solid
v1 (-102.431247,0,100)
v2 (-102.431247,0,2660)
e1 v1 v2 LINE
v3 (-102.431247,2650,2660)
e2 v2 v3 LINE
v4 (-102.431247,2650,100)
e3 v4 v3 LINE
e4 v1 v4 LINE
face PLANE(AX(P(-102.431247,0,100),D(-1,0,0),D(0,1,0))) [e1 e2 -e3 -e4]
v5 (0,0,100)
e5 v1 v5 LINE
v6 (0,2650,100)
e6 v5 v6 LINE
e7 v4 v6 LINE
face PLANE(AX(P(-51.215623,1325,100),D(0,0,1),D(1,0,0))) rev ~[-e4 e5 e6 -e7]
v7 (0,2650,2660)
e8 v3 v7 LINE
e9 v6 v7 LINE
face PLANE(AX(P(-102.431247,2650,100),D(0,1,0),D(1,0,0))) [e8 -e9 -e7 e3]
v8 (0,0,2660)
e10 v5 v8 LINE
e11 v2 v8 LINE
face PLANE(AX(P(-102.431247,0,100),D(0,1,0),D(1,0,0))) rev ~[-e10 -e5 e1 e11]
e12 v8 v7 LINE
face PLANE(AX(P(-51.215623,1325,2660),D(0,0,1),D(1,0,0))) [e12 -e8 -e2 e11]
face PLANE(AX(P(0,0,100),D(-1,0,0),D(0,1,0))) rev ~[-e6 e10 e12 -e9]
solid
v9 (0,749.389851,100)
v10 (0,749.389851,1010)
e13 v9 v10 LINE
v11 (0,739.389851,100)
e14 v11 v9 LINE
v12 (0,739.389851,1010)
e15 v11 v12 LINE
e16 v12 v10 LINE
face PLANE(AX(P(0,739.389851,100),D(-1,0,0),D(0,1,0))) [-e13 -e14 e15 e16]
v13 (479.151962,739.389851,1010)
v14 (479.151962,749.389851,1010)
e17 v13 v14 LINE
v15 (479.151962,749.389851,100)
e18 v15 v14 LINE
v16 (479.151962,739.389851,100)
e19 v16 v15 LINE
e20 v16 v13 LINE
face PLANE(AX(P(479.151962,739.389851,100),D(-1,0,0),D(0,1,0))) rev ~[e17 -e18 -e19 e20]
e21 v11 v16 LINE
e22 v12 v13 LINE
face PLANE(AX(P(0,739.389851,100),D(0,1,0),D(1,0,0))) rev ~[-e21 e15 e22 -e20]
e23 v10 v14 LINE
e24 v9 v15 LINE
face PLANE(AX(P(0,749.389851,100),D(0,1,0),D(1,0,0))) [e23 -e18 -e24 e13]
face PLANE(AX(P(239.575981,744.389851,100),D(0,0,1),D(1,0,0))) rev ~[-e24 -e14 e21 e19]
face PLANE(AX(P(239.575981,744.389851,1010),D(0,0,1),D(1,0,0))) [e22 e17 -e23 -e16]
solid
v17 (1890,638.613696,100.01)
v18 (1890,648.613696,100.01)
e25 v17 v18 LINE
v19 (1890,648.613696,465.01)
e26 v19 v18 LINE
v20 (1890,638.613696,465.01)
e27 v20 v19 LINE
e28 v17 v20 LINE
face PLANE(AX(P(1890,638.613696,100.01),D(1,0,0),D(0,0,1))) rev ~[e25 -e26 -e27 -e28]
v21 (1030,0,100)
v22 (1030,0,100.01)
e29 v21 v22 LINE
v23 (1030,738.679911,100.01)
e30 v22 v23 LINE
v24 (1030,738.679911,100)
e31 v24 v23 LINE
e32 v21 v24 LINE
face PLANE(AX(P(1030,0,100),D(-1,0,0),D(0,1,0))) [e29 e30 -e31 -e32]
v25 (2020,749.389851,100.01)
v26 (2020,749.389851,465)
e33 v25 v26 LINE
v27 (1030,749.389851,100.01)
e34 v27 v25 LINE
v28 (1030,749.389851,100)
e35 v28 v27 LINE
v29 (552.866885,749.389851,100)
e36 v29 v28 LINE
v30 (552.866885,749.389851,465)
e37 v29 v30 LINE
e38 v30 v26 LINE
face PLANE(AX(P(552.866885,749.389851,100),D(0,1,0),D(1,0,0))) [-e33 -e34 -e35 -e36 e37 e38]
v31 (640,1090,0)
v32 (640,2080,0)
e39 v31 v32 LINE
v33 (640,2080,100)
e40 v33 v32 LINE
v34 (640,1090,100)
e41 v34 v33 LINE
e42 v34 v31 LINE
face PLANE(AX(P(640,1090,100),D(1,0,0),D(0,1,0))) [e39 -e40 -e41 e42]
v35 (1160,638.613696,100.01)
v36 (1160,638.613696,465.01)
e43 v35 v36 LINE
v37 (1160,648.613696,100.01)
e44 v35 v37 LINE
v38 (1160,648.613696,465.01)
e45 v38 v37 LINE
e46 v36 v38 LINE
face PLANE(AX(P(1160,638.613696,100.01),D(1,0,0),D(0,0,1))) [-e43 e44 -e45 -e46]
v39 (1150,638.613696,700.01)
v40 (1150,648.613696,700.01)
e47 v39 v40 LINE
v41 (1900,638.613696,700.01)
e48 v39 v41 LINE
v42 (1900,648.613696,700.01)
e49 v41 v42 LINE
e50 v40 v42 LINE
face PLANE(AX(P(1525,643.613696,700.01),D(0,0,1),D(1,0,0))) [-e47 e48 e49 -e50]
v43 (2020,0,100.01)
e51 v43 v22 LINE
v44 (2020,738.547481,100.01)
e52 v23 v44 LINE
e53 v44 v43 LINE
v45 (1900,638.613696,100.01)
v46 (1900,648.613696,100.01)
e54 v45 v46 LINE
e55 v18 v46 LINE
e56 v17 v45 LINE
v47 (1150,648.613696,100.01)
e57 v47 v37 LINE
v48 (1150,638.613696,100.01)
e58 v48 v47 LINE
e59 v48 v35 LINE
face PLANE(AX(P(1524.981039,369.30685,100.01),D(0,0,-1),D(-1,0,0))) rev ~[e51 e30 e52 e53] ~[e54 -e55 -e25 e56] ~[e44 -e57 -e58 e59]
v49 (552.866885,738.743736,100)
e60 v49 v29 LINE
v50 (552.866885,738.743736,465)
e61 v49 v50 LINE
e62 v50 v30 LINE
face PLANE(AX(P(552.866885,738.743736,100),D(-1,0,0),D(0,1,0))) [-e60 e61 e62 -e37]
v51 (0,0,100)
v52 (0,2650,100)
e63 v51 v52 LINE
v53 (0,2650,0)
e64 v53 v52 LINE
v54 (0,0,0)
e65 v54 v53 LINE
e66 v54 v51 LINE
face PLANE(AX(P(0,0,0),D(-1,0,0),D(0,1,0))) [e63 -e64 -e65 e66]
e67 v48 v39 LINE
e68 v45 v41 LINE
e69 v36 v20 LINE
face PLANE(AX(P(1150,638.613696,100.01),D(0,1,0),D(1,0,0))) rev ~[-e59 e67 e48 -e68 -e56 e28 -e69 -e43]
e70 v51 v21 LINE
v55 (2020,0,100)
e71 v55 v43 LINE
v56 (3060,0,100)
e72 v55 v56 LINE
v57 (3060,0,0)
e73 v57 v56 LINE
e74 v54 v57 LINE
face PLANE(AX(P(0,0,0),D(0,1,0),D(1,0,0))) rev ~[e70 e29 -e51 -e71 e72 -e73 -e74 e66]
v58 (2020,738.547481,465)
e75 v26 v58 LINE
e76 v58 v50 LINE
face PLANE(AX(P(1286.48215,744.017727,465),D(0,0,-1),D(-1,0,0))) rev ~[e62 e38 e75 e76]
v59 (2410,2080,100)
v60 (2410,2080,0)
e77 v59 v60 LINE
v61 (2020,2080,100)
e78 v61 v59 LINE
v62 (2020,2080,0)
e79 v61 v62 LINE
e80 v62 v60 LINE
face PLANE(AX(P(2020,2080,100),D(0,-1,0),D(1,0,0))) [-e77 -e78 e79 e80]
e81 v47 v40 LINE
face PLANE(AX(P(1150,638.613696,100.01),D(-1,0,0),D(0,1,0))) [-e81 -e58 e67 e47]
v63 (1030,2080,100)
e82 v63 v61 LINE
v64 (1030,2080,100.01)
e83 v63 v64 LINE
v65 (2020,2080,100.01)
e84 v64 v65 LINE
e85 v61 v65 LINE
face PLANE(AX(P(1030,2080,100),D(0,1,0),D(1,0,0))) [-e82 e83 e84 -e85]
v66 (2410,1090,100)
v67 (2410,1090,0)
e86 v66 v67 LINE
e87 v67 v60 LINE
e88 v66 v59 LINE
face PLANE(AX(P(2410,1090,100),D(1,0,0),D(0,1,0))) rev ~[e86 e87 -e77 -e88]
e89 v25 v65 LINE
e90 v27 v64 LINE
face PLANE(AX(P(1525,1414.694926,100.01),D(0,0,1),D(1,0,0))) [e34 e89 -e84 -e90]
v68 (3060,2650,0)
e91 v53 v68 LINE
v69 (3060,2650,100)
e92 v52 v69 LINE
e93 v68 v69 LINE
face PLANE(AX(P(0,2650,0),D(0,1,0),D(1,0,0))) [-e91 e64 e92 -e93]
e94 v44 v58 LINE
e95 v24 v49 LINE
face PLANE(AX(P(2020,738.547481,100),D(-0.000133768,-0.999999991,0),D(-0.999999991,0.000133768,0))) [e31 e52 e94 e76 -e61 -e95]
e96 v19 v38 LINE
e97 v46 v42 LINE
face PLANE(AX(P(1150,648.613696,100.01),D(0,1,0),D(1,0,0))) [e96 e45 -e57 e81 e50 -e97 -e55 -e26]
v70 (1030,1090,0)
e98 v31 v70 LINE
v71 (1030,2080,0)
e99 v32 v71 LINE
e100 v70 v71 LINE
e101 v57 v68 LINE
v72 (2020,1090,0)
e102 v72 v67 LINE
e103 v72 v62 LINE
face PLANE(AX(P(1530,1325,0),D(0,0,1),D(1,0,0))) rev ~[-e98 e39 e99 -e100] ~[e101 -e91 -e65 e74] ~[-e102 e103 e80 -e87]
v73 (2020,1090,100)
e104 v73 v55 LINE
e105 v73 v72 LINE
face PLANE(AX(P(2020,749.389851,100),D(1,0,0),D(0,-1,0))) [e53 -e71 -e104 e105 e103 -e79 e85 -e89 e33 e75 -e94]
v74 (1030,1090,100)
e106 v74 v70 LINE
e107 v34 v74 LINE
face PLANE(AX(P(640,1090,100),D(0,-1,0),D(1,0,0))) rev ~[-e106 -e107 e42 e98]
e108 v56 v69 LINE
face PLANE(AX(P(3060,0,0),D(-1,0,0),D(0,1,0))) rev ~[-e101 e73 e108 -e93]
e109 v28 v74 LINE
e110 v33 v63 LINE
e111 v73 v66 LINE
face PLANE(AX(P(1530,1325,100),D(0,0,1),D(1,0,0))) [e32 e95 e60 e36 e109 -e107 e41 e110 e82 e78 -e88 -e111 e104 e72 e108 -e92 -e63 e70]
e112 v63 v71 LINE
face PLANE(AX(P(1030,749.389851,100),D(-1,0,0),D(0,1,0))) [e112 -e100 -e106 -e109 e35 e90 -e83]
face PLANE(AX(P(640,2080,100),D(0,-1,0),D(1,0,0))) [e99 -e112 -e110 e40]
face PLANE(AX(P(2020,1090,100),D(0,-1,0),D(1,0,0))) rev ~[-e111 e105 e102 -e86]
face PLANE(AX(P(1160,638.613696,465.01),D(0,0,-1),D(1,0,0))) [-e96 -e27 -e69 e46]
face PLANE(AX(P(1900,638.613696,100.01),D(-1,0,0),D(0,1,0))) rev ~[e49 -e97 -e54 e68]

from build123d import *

# Parameters (mm, degrees)
ESBO_O6_W                = 3060
ESBO_O6_H                = 2650
RESSALTO_EXTRUS_O2_DEPTH = 100
ESBO_O7_W                = 390
ESBO_O7_H                = 990
CORTE_EXTRUS_O1_DEPTH    = 749
ESBO_O8_W                = 102.431246956
ESBO_O8_H                = 2650
RESSALTO_EXTRUS_O3_DEPTH = 2560
ESBO_O9_W                = 479.151961804
ESBO_O9_H                = 10
RESSALTO_EXTRUS_O5_DEPTH = 910
RESSALTO_EXTRUS_O7_DEPTH = 365
ESBO_O13_W               = 990
ESBO_O13_H               = 1330.610148593
RESSALTO_EXTRUS_O8_DEPTH = 0.01
ESBO_O14_W               = 750
ESBO_O14_H               = 10
RESSALTO_EXTRUS_O9_DEPTH = 600
ESBO_O16_W               = 730
ESBO_O16_H               = 365
CORTE_EXTRUS_O2_DEPTH    = 45


with BuildPart() as part:
    # Esboço6 → Ressalto-extrusão2 (new body)
    with BuildSketch(Plane.XY):
        with Locations((1530, 1325)):
            Rectangle(ESBO_O6_W, ESBO_O6_H)
    extrude(amount=RESSALTO_EXTRUS_O2_DEPTH)

    # Esboço7 → Corte-extrusão1 (cut)
    with BuildSketch(Plane.XY.offset(100)):
        with Locations((2215, 1585)):
            Rectangle(ESBO_O7_W, ESBO_O7_H)
        with Locations((835, 1585)):
            Rectangle(ESBO_O7_W, ESBO_O7_H)
    extrude(amount=-CORTE_EXTRUS_O1_DEPTH, mode=Mode.SUBTRACT)

    # Esboço12 → Ressalto-extrusão7 (add)
    with BuildSketch(Plane.XY.offset(100)):
        Polygon((552.866885131, 749.389851407), (2020, 749.389851407), (2020, 738.547480568), (552.866885131, 738.743736065), align=None)
    extrude(amount=RESSALTO_EXTRUS_O7_DEPTH)

    # Esboço13 → Ressalto-extrusão8 (add)
    with BuildSketch(Plane.XY.offset(100)):
        with Locations((1525, 1414.694925704)):
            Rectangle(ESBO_O13_W, ESBO_O13_H)
        Polygon((2020, 738.547480568), (2020, 0), (1030, 0), (1030, 738.679910911), align=None)
    extrude(amount=RESSALTO_EXTRUS_O8_DEPTH)

    # Esboço14 → Ressalto-extrusão9 (add)
    with BuildSketch(Plane.XY.offset(100.01)):
        with Locations((1525, 643.61369574)):
            Rectangle(ESBO_O14_W, ESBO_O14_H)
    extrude(amount=RESSALTO_EXTRUS_O9_DEPTH)

    # Esboço16 → Corte-extrusão2 (cut)
    with BuildSketch(Plane.XZ.offset(-638.61369574)):
        with Locations((1525, 282.51)):
            Rectangle(ESBO_O16_W, ESBO_O16_H)
    extrude(amount=-CORTE_EXTRUS_O2_DEPTH, mode=Mode.SUBTRACT)


with BuildPart() as body_2:
    # Esboço8 → Ressalto-extrusão3 (new body)
    with BuildSketch(Plane.XY.offset(100)):
        with Locations((-51.215623478, 1325)):
            Rectangle(ESBO_O8_W, ESBO_O8_H)
    extrude(amount=RESSALTO_EXTRUS_O3_DEPTH)


with BuildPart() as body_3:
    # Esboço9 → Ressalto-extrusão5 (new body)
    with BuildSketch(Plane.XY.offset(100)):
        with Locations((239.575980902, 744.389851407)):
            Rectangle(ESBO_O9_W, ESBO_O9_H)
    extrude(amount=RESSALTO_EXTRUS_O5_DEPTH)


solid = Compound([part.part, body_2.part, body_3.part])
